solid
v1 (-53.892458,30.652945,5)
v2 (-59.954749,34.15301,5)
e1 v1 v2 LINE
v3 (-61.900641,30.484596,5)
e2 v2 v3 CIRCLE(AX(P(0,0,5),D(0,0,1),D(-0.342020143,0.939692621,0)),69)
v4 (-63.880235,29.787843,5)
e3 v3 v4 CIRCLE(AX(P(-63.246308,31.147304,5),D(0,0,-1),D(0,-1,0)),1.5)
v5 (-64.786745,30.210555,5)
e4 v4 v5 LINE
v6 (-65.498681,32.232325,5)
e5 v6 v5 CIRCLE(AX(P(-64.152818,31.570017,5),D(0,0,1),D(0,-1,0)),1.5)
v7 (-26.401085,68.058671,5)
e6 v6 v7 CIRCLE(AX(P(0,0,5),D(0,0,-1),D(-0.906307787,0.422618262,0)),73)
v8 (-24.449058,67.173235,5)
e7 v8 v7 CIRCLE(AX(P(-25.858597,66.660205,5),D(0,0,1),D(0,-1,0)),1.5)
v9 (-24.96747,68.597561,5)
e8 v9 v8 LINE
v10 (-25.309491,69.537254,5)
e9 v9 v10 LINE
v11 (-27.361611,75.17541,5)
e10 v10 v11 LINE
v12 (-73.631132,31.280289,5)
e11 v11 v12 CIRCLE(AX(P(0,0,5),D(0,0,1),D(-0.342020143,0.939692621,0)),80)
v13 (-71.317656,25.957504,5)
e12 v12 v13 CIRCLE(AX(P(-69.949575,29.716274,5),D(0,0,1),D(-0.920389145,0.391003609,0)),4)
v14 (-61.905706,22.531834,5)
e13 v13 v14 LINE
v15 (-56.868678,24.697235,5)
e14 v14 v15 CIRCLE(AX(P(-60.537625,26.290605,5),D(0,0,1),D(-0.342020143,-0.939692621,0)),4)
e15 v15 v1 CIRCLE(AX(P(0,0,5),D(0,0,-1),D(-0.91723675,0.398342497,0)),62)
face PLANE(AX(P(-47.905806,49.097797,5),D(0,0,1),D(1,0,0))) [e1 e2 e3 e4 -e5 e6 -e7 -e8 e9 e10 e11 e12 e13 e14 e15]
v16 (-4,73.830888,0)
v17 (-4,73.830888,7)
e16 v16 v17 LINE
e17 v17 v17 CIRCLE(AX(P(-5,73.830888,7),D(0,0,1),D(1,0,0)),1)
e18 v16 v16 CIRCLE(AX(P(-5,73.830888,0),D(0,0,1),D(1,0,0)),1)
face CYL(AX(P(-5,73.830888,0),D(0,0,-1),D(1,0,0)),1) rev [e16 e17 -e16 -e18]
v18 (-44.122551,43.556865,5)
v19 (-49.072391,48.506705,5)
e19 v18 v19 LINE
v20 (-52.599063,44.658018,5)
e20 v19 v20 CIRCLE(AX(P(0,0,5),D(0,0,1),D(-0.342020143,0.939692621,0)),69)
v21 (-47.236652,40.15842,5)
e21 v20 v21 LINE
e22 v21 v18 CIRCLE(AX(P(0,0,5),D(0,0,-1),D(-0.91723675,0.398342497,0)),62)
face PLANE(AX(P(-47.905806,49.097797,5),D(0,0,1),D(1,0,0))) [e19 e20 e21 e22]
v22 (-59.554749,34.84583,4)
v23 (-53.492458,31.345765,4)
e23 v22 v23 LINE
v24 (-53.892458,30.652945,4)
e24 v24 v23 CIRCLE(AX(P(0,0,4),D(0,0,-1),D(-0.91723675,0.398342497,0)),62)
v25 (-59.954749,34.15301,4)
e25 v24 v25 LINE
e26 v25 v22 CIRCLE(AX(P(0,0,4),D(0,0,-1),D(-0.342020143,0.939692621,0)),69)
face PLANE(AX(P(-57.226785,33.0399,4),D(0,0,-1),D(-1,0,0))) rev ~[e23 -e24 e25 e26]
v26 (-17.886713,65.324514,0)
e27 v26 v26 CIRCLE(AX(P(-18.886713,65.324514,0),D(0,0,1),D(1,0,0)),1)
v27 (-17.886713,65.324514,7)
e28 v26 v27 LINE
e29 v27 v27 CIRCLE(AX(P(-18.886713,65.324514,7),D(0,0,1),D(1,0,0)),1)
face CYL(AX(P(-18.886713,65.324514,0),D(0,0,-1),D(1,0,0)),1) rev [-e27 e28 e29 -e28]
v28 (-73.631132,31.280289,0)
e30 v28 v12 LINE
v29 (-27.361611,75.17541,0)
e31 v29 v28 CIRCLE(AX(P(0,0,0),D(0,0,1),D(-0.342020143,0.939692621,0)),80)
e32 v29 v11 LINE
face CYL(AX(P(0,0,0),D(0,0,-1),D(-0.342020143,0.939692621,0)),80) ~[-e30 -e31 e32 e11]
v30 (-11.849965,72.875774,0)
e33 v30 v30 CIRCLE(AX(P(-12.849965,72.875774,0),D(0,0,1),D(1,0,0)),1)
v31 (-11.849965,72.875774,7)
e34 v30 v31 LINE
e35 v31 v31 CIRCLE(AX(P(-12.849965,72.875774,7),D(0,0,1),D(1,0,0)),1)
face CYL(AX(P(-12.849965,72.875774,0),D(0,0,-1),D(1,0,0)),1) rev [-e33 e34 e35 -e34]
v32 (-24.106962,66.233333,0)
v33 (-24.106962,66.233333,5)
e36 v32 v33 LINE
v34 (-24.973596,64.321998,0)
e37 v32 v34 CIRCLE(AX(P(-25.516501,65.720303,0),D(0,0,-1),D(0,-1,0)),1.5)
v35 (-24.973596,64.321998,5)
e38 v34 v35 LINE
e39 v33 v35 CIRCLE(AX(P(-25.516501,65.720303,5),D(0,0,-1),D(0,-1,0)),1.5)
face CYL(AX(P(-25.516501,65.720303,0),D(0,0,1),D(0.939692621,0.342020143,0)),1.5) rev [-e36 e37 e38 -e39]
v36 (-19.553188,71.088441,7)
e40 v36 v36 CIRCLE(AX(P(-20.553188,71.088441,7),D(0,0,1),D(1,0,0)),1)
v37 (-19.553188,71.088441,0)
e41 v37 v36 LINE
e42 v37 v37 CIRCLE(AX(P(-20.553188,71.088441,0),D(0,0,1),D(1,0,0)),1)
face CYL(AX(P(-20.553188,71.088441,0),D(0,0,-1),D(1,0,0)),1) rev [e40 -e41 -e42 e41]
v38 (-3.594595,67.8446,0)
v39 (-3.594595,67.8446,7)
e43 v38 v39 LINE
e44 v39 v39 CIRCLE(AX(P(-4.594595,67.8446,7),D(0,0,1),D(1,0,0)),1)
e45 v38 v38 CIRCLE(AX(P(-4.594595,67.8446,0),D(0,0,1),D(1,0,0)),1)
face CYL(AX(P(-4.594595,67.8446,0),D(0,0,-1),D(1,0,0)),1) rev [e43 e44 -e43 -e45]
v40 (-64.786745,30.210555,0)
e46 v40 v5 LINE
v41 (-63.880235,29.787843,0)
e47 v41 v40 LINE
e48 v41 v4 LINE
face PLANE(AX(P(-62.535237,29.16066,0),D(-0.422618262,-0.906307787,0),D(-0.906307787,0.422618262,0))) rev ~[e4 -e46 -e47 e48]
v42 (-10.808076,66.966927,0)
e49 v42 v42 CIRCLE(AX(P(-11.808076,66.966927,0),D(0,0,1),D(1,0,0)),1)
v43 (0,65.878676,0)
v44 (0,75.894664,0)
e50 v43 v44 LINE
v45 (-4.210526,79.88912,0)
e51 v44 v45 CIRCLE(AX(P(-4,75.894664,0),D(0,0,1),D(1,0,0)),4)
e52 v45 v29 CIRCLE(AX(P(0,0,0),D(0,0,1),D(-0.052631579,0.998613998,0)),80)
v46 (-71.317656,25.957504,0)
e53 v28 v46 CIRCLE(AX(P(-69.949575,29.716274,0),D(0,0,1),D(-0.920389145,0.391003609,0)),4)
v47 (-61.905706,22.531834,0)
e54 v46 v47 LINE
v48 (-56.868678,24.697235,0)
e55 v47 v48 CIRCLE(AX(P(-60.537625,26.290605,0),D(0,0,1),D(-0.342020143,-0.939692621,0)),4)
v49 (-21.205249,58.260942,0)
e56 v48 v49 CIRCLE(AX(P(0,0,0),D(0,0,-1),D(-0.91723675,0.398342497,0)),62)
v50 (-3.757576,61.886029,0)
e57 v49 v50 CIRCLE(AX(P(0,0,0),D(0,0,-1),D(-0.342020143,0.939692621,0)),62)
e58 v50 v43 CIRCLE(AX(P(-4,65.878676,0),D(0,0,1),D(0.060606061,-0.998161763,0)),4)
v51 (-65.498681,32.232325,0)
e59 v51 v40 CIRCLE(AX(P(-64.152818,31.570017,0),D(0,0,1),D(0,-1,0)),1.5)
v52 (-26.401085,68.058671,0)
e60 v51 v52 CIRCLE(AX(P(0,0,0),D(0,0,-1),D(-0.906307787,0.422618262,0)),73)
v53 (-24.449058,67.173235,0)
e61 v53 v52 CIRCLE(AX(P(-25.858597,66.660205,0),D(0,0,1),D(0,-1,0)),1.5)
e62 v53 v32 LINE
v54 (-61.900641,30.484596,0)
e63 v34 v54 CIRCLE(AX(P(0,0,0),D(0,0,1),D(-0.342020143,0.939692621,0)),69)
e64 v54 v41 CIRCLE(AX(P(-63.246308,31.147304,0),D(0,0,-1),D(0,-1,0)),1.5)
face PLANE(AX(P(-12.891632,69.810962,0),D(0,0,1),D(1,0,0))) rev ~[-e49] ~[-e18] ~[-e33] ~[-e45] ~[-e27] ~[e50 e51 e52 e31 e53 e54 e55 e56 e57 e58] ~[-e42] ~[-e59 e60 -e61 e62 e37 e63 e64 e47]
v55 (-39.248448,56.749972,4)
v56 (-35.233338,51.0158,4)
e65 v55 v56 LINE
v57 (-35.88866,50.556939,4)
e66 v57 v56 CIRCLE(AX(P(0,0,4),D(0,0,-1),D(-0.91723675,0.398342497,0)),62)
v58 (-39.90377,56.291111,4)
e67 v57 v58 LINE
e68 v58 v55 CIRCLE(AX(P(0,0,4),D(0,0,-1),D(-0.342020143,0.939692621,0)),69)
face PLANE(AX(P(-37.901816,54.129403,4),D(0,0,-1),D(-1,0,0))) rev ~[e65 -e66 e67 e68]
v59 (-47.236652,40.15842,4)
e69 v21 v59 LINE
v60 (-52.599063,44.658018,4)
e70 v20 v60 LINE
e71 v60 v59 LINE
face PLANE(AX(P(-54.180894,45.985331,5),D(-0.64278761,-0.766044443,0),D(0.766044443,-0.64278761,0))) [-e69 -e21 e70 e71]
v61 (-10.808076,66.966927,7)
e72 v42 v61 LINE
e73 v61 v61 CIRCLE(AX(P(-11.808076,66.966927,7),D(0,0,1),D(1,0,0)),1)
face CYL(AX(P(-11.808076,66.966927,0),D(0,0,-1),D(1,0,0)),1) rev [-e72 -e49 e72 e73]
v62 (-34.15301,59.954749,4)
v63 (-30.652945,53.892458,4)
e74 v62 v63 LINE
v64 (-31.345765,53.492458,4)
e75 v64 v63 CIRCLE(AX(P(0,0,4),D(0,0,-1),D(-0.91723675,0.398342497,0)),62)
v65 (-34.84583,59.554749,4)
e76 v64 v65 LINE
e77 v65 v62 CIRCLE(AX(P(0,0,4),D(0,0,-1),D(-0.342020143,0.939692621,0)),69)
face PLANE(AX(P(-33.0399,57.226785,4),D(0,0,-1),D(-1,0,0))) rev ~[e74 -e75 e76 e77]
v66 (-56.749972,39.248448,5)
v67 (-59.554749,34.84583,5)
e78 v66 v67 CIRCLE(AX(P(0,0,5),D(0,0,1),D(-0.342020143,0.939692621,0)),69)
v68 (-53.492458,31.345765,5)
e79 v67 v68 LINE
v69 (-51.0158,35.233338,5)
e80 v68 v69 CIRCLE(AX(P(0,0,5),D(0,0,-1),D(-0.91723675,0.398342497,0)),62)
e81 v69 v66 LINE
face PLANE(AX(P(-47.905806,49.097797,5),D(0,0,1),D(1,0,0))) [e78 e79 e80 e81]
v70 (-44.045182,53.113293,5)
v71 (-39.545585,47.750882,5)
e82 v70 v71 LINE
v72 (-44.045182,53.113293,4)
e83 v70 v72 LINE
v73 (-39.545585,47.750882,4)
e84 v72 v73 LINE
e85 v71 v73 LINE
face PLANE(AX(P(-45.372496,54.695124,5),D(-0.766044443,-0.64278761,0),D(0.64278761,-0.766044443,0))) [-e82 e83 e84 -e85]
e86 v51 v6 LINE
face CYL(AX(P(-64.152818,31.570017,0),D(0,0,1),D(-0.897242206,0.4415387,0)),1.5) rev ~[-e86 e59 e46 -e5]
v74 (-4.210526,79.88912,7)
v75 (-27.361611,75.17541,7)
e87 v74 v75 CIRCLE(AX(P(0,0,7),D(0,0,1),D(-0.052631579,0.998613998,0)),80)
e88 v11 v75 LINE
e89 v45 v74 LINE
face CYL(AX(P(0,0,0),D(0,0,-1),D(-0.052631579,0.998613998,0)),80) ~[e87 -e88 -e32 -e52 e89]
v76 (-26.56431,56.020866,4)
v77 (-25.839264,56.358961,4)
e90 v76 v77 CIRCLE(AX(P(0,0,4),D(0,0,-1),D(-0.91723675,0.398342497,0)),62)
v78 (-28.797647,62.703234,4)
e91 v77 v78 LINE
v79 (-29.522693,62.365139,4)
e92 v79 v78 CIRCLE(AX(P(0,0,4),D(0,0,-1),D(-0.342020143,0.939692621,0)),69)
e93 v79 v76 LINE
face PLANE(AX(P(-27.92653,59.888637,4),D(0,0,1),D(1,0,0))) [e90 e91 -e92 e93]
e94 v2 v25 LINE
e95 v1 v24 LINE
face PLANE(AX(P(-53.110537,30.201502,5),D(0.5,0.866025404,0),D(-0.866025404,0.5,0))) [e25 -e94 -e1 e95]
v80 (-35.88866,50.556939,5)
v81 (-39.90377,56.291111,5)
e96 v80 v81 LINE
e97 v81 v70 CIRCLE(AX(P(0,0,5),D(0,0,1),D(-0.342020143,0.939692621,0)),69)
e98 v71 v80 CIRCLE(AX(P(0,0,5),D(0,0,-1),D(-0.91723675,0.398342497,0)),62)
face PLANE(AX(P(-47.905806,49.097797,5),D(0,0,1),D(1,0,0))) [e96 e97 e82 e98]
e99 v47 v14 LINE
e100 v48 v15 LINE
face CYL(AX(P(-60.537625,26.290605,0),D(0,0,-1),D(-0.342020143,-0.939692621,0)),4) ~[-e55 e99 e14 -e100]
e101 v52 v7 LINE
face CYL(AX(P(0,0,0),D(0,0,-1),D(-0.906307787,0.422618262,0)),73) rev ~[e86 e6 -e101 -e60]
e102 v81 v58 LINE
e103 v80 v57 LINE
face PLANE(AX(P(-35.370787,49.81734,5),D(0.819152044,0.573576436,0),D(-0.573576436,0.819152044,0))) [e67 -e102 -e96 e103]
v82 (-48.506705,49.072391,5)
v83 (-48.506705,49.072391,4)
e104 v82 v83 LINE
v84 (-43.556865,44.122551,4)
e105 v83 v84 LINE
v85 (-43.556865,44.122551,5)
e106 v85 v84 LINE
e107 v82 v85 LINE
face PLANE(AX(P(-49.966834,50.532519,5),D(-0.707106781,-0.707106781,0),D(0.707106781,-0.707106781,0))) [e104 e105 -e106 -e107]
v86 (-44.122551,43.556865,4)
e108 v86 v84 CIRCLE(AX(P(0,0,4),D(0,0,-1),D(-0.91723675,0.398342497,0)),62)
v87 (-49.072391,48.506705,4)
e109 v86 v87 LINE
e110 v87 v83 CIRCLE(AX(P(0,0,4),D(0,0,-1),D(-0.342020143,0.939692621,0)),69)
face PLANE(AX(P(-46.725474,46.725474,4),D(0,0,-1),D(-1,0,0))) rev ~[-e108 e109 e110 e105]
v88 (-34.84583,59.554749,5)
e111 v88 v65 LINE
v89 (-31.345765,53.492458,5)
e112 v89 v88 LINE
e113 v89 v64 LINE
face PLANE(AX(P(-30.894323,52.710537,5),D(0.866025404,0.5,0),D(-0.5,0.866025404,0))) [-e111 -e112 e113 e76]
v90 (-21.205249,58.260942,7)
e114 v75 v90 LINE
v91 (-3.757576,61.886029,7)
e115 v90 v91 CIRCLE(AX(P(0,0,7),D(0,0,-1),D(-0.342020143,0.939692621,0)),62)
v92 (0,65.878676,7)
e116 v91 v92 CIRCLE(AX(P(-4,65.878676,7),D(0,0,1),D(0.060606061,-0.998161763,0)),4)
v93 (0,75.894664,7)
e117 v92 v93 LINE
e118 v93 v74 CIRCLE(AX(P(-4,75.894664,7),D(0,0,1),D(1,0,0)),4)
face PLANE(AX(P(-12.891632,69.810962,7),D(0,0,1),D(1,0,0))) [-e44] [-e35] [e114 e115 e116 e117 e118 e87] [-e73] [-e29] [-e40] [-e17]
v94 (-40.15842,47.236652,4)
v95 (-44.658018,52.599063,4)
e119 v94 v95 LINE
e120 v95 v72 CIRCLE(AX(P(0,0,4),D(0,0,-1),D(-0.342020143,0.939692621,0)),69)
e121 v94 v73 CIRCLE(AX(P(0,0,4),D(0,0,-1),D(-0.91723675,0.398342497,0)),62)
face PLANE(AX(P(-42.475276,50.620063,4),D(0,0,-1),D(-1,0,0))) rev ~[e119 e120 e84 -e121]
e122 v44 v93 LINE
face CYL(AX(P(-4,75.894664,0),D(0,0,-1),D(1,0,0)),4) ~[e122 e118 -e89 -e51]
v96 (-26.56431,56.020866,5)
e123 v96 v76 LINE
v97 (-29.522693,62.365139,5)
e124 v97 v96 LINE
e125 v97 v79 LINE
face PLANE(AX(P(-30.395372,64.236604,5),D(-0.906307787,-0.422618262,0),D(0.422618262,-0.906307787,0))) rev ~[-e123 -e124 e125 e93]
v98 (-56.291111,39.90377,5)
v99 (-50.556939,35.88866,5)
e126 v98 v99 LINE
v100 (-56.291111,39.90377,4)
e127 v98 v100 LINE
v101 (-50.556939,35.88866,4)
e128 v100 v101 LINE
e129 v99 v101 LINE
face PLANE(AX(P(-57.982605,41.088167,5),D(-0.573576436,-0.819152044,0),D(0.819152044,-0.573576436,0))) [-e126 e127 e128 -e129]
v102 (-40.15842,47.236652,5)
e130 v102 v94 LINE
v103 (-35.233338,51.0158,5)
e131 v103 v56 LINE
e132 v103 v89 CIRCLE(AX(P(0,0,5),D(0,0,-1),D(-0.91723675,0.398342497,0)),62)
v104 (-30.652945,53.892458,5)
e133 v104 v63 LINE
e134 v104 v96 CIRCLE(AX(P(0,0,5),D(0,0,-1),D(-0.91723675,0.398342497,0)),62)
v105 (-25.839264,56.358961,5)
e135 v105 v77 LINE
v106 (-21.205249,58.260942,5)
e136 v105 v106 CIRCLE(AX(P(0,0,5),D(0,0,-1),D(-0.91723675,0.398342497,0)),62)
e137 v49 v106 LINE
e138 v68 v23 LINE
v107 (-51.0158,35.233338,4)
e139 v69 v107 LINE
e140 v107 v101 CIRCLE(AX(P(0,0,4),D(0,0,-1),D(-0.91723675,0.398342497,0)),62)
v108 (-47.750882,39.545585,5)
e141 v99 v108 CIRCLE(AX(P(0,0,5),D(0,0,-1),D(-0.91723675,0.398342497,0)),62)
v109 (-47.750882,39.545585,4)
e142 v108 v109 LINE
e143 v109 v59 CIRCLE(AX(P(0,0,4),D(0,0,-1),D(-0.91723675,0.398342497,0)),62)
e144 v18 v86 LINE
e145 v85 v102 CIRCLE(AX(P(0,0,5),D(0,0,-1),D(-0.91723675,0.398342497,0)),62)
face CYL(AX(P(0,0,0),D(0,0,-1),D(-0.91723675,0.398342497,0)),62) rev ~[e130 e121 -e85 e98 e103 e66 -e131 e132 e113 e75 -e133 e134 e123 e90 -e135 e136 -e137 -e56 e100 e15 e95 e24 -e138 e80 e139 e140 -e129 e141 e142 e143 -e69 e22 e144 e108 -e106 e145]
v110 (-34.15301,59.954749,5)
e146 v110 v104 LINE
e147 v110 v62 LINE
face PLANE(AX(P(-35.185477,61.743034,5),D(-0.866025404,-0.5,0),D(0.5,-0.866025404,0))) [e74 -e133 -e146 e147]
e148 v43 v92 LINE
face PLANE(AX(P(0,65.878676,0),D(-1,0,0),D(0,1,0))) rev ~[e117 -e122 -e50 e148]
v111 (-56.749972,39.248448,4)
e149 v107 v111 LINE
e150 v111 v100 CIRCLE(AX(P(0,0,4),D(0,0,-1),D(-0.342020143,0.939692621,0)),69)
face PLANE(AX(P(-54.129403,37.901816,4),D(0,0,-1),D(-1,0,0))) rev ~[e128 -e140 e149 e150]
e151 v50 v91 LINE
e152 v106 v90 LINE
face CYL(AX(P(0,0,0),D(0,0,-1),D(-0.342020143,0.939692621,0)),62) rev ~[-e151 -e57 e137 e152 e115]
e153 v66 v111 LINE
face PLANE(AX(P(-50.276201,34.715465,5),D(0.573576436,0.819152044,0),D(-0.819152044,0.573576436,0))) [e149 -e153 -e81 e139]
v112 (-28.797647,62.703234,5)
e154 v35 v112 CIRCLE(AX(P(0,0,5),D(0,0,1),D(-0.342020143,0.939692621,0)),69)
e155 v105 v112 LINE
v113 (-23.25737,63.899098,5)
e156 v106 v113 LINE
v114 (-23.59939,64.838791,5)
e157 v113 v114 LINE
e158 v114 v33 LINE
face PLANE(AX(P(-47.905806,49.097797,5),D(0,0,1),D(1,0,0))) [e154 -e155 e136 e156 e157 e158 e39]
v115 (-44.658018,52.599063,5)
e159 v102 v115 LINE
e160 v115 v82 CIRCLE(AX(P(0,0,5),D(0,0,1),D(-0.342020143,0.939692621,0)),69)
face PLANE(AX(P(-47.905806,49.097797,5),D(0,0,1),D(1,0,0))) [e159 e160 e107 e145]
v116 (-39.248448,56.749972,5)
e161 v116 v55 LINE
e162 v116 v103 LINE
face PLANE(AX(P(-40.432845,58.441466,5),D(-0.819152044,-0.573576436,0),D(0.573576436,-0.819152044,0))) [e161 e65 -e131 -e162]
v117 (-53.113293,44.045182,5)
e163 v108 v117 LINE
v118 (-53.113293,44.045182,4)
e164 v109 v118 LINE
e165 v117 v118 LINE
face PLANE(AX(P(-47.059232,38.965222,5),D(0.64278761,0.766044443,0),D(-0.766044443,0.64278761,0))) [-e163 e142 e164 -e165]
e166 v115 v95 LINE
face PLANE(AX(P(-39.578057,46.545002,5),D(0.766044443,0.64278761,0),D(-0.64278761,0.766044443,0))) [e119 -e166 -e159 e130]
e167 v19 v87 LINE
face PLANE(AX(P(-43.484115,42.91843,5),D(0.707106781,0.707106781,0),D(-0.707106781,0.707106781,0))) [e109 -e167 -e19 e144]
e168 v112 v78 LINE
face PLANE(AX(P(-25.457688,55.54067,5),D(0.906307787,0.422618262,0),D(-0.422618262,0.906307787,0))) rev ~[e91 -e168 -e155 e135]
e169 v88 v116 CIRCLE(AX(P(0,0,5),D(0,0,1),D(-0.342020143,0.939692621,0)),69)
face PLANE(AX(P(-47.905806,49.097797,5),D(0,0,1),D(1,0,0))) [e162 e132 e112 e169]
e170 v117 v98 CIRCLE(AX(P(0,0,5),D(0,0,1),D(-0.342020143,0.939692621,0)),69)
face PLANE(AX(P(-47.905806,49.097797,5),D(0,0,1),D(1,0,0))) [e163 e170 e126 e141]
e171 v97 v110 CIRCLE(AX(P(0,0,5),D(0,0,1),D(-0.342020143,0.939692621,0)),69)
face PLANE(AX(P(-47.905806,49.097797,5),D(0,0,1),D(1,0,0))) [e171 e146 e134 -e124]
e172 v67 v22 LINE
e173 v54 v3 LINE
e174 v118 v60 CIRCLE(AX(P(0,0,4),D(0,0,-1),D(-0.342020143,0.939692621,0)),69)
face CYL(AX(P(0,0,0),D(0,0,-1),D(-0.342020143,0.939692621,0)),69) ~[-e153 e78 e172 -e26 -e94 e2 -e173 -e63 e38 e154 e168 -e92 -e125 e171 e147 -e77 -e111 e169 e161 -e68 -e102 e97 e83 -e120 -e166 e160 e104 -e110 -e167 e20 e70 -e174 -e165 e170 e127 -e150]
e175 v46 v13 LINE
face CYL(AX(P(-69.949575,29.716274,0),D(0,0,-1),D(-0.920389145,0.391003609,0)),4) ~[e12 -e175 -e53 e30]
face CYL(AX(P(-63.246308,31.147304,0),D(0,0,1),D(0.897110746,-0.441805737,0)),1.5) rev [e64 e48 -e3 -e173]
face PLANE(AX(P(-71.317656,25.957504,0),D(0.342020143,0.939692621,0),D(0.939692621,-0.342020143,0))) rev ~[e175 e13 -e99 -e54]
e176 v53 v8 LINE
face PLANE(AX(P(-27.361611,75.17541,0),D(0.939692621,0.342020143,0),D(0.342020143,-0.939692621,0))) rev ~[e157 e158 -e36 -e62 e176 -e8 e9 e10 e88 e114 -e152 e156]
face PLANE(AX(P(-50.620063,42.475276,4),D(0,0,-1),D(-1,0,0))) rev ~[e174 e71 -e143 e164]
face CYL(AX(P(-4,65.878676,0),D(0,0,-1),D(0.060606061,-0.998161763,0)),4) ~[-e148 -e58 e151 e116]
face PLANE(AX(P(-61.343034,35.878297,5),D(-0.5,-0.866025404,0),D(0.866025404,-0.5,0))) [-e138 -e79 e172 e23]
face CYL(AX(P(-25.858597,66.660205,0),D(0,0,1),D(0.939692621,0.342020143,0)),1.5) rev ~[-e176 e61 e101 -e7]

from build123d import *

# Parameters (mm, degrees)
BOSS_EXTRUDE2_DEPTH = 5
SKETCH1_5_R         = 1
BOSS_EXTRUDE3_DEPTH = 7
FILLET1_R           = 1.5
CUT_EXTRUDE1_DEPTH  = 1


with BuildPart() as part:
    # Sketch1 → Boss-Extrude2 (new body)
    with BuildSketch(Plane.XY):
        with BuildLine():
            ThreePointArc((-56.868678478, 24.697234828), (-42.491353844, 45.149583038), (-21.205248886, 58.260942489))
            Line((-21.205248886, 58.260942489), (-23.257369746, 63.899098213))
            Line((-23.257369746, 63.899098213), (-23.599389889, 64.838790834))
            ThreePointArc((-23.599389889, 64.838790834), (-46.615724325, 50.87213624), (-62.535237306, 29.16066006))
            Line((-62.535237306, 29.16066006), (-66.160468454, 30.851133107))
            ThreePointArc((-66.160468454, 30.851133107), (-49.318085156, 53.821245587), (-24.967470463, 68.597561317))
            Line((-24.967470463, 68.597561317), (-25.309490606, 69.537253938))
            Line((-25.309490606, 69.537253938), (-27.361611466, 75.175409663))
            ThreePointArc((-27.361611466, 75.175409663), (-55.059776129, 58.038100009), (-73.631131577, 31.280288725))
            ThreePointArc((-73.631131577, 31.280288725), (-73.618051339, 28.121820986), (-71.317655571, 25.957503806))
            Line((-71.317655571, 25.957503806), (-61.90570605, 22.531834333))
            ThreePointArc((-61.90570605, 22.531834333), (-58.95783549, 22.615790046), (-56.868678478, 24.697234828))
        make_face()
    extrude(amount=BOSS_EXTRUDE2_DEPTH)

    # Sketch1<5> → Boss-Extrude3 (add)
    with BuildSketch(Plane.XY):
        with BuildLine():
            ThreePointArc((-21.205248886, 58.260942489), (-12.61233393, 60.703616308), (-3.757575758, 61.886029315))
            ThreePointArc((-3.757575758, 61.886029315), (-1.087123675, 63.137298701), (0, 65.878676368))
            Line((0, 65.878676368), (0, 75.894663844))
            ThreePointArc((0, 75.894663844), (-1.247011194, 78.796568844), (-4.210526316, 79.889119836))
            ThreePointArc((-4.210526316, 79.889119836), (-15.961038091, 78.39161475), (-27.361611466, 75.175409663))
            Line((-27.361611466, 75.175409663), (-21.205248886, 58.260942489))
        make_face()
        with Locations((-4.594594595, 67.844599641)):
            Circle(SKETCH1_5_R, mode=Mode.SUBTRACT)
        with Locations((-11.808076081, 66.966927205)):
            Circle(SKETCH1_5_R, mode=Mode.SUBTRACT)
        with Locations((-18.886713057, 65.324513545)):
            Circle(SKETCH1_5_R, mode=Mode.SUBTRACT)
        with Locations((-5, 73.830887845)):
            Circle(SKETCH1_5_R, mode=Mode.SUBTRACT)
        with Locations((-12.849965147, 72.875773723)):
            Circle(SKETCH1_5_R, mode=Mode.SUBTRACT)
        with Locations((-20.553187739, 71.088441211)):
            Circle(SKETCH1_5_R, mode=Mode.SUBTRACT)
    extrude(amount=BOSS_EXTRUDE3_DEPTH)

    # Fillet1
    fillet1_edges = [part.edges().sort_by_distance(p)[0] for p in [
        (-66.160468454, 30.851133107, 2.5),
        (-62.535237306, 29.16066006, 2.5),
        (-23.599389889, 64.838790834, 2.5),
        (-24.967470463, 68.597561317, 2.5),
    ]]
    fillet(fillet1_edges, radius=FILLET1_R)

    # Sketch2 → Cut-Extrude1 (cut)
    with BuildSketch(Plane.XY.offset(5)):
        Polygon((-26.182734595, 55.202574904), (-25.457688366, 55.540669514), (-29.670325491, 64.574698983), (-30.395371721, 64.236604373), align=None)
        Polygon((-30.894322803, 52.71053676), (-35.87829712, 61.343033502), (-35.185476797, 61.743033502), (-30.20150248, 53.11053676), align=None)
        Polygon((-35.370786559, 49.817339603), (-41.088167015, 57.982605105), (-40.43284538, 58.441466254), (-34.715464924, 50.276200752), align=None)
        Polygon((-39.578057272, 46.545002412), (-45.985331149, 54.180894073), (-45.372495595, 54.695124161), (-38.965221718, 47.059232499), align=None)
        Polygon((-43.484115072, 42.918429647), (-50.532519147, 49.966833722), (-49.966833722, 50.532519147), (-42.918429647, 43.484115072), align=None)
        Polygon((-47.059232499, 38.965221718), (-54.695124161, 45.372495595), (-54.180894073, 45.985331149), (-46.545002412, 39.578057272), align=None)
        Polygon((-50.276200752, 34.715464924), (-58.441466254, 40.43284538), (-57.982605105, 41.088167015), (-49.817339603, 35.370786559), align=None)
        Polygon((-53.11053676, 30.20150248), (-61.743033502, 35.185476797), (-61.343033502, 35.878297121), (-52.71053676, 30.894322803), align=None)
    extrude(amount=-CUT_EXTRUDE1_DEPTH, mode=Mode.SUBTRACT)


solid = part.part
